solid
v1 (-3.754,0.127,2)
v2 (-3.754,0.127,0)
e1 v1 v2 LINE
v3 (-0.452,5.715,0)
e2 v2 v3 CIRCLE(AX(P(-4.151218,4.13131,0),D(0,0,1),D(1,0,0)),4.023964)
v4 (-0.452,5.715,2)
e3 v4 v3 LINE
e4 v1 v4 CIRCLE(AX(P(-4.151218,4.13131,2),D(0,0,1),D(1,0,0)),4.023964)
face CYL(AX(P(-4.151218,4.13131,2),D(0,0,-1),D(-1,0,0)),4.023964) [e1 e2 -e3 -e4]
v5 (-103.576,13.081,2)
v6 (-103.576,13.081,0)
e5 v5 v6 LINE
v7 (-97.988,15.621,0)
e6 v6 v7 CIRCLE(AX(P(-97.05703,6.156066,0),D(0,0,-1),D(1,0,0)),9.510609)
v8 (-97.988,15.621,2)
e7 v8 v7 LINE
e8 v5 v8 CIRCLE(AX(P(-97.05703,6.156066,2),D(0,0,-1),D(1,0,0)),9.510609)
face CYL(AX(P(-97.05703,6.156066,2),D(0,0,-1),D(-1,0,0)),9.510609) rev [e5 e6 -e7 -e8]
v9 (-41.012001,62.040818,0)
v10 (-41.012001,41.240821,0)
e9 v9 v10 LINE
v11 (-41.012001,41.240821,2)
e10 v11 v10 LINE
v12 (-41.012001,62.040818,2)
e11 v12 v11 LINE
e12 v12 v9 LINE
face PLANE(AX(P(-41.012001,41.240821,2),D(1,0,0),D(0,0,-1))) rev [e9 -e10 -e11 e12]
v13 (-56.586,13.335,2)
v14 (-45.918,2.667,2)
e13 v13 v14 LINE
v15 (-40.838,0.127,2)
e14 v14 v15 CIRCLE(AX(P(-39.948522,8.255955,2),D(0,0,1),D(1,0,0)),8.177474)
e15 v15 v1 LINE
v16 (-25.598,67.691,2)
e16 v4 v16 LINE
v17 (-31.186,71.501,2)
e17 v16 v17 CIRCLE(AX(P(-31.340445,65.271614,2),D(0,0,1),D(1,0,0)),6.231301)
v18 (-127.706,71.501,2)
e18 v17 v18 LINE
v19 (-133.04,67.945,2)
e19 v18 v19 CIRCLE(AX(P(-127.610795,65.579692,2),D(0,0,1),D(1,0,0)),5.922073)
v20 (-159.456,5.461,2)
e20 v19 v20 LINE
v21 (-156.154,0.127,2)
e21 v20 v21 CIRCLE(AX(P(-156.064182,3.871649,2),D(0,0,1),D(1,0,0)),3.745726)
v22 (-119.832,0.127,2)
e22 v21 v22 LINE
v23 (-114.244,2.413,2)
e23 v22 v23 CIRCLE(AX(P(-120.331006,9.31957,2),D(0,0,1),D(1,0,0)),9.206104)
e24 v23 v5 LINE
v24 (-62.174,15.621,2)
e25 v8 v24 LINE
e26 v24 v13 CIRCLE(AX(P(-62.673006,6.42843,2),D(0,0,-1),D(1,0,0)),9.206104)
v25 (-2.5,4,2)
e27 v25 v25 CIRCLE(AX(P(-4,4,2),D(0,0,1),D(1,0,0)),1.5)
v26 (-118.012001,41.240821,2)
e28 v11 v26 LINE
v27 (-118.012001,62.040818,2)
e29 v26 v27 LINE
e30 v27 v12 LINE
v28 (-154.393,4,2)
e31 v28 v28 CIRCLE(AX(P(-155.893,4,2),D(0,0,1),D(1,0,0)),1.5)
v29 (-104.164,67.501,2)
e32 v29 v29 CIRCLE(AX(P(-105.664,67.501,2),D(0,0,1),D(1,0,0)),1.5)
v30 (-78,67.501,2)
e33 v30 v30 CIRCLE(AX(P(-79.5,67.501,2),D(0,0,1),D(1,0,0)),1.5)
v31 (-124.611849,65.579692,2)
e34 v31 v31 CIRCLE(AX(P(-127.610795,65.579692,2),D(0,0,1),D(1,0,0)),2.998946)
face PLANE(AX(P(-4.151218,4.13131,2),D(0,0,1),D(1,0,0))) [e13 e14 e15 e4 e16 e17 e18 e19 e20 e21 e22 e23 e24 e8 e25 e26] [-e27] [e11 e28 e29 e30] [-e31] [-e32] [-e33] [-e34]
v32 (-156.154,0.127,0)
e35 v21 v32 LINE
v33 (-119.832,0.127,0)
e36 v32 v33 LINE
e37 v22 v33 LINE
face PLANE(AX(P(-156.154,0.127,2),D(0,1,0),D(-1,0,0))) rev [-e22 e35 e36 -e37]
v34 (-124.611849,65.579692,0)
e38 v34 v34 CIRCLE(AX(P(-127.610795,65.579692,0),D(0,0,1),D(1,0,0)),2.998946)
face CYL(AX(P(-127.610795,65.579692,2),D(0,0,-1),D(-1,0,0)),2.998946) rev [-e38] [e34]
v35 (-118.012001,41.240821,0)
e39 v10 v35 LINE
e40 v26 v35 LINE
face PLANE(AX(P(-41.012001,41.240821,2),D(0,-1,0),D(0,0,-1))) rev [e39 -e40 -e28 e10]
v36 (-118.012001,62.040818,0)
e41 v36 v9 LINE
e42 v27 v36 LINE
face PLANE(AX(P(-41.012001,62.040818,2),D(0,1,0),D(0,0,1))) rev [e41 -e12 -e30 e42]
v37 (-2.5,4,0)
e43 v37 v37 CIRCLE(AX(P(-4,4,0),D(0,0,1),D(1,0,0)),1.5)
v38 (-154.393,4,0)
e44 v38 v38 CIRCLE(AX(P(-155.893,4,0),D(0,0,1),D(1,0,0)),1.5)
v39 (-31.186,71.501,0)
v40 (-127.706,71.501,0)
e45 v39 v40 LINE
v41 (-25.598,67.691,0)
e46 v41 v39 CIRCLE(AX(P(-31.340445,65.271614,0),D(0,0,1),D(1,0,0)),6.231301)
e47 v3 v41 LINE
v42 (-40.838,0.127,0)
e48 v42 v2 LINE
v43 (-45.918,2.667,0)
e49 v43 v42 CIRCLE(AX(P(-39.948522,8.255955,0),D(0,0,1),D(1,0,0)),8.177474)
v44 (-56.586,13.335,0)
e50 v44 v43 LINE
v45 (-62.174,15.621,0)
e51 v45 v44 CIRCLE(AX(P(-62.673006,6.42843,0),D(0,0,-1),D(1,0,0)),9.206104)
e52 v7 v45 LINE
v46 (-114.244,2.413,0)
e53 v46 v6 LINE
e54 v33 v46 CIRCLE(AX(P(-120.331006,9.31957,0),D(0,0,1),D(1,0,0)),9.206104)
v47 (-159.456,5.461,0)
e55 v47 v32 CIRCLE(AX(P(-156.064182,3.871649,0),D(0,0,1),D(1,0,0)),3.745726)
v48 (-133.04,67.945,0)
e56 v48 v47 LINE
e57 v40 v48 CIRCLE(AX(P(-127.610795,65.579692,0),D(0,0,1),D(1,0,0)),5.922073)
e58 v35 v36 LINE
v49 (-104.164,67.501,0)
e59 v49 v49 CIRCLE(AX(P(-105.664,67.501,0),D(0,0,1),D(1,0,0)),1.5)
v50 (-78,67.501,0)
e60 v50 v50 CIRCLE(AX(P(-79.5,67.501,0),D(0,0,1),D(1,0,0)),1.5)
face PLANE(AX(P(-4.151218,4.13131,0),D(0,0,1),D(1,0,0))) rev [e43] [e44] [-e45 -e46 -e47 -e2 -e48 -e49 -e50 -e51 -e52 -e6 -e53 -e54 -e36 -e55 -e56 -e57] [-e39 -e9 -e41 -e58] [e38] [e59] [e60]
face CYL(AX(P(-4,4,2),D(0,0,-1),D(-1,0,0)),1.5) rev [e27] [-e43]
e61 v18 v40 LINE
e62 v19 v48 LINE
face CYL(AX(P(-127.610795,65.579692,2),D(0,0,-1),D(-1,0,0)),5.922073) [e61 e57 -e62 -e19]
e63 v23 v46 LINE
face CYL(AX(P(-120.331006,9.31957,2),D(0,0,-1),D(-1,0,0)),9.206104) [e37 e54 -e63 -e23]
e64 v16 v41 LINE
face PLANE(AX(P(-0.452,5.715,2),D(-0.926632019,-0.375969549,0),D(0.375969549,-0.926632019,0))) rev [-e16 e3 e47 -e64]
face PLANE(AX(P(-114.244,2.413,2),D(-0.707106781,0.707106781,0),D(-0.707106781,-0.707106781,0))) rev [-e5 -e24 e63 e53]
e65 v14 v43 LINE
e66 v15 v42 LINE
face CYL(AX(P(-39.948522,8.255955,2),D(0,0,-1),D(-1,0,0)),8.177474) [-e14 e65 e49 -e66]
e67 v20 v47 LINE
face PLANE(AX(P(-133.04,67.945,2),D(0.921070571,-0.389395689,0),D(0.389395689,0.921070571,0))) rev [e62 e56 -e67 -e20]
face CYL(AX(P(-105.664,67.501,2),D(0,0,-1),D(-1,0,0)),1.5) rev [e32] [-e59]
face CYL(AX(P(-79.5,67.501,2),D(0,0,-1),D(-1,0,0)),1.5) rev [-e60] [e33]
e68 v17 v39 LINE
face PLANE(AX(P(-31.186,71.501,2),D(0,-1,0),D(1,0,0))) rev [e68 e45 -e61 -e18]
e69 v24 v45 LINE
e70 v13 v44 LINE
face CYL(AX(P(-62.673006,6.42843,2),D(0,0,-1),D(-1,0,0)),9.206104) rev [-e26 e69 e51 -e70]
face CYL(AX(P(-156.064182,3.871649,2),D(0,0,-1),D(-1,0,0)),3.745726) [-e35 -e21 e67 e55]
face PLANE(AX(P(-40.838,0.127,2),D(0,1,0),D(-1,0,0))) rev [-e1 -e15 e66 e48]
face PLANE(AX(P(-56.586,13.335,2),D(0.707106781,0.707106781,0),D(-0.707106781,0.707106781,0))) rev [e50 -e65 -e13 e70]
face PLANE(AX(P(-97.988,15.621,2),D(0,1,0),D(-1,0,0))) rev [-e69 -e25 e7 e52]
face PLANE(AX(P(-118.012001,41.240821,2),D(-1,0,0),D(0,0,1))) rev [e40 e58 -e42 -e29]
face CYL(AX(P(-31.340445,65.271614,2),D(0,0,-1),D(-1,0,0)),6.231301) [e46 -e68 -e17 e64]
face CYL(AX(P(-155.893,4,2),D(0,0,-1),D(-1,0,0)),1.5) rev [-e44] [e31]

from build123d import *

# Parameters (mm, degrees)
ESBO_O1_R                = 2.998945894
ESBO_O1_R_2              = 1.5
RESSALTO_EXTRUS_O1_DEPTH = 2
ESBO_O3_W                = 77.000000909
ESBO_O3_H                = 20.799996635
CORTE_EXTRUS_O2_DEPTH    = 3


with BuildPart() as part:
    # Esboço1 → Ressalto-extrusão1 (new body)
    with BuildSketch(Plane.XY):
        with BuildLine():
            Line((-0.452, 5.715), (-25.598, 67.691))
            ThreePointArc((-25.598, 67.691), (-27.830124117, 70.420084628), (-31.186, 71.501))
            Line((-31.186, 71.501), (-127.706, 71.501))
            ThreePointArc((-127.706, 71.501), (-130.895769937, 70.507154905), (-133.04, 67.945))
            Line((-133.04, 67.945), (-159.456, 5.461))
            ThreePointArc((-159.456, 5.461), (-159.249042624, 1.900068852), (-156.154, 0.127))
            Line((-156.154, 0.127), (-119.832, 0.127))
            ThreePointArc((-119.832, 0.127), (-116.845272565, 0.798888491), (-114.244, 2.413))
            Line((-114.244, 2.413), (-103.576, 13.081))
            ThreePointArc((-103.576, 13.081), (-100.992547951, 14.814205491), (-97.988, 15.621))
            Line((-97.988, 15.621), (-62.174, 15.621))
            ThreePointArc((-62.174, 15.621), (-59.187272565, 14.949111509), (-56.586, 13.335))
            Line((-56.586, 13.335), (-45.918, 2.667))
            ThreePointArc((-45.918, 2.667), (-43.605600005, 0.941799989), (-40.838, 0.127))
            Line((-40.838, 0.127), (-3.754, 0.127))
            ThreePointArc((-3.754, 0.127), (-0.686880545, 2.08420214), (-0.452, 5.715))
        make_face()
        with Locations((-127.610794879, 65.579692319)):
            Circle(ESBO_O1_R, mode=Mode.SUBTRACT)
        with Locations((-105.664, 67.501)):
            Circle(ESBO_O1_R_2, mode=Mode.SUBTRACT)
        with Locations((-79.5, 67.501)):
            Circle(ESBO_O1_R_2, mode=Mode.SUBTRACT)
        with Locations((-4, 4)):
            Circle(ESBO_O1_R_2, mode=Mode.SUBTRACT)
        with Locations((-155.893, 4)):
            Circle(ESBO_O1_R_2, mode=Mode.SUBTRACT)
    extrude(amount=RESSALTO_EXTRUS_O1_DEPTH)

    # Esboço3 → Corte-extrusão2 (cut, through all)
    with BuildSketch(Plane(origin=(0, 0, 0), x_dir=(-1, 0, 0), z_dir=(0, 0, -1))):
        with Locations((79.512001037, 51.64081955)):
            Rectangle(ESBO_O3_W, ESBO_O3_H)
    extrude(amount=-CORTE_EXTRUS_O2_DEPTH, mode=Mode.SUBTRACT)


solid = part.part
